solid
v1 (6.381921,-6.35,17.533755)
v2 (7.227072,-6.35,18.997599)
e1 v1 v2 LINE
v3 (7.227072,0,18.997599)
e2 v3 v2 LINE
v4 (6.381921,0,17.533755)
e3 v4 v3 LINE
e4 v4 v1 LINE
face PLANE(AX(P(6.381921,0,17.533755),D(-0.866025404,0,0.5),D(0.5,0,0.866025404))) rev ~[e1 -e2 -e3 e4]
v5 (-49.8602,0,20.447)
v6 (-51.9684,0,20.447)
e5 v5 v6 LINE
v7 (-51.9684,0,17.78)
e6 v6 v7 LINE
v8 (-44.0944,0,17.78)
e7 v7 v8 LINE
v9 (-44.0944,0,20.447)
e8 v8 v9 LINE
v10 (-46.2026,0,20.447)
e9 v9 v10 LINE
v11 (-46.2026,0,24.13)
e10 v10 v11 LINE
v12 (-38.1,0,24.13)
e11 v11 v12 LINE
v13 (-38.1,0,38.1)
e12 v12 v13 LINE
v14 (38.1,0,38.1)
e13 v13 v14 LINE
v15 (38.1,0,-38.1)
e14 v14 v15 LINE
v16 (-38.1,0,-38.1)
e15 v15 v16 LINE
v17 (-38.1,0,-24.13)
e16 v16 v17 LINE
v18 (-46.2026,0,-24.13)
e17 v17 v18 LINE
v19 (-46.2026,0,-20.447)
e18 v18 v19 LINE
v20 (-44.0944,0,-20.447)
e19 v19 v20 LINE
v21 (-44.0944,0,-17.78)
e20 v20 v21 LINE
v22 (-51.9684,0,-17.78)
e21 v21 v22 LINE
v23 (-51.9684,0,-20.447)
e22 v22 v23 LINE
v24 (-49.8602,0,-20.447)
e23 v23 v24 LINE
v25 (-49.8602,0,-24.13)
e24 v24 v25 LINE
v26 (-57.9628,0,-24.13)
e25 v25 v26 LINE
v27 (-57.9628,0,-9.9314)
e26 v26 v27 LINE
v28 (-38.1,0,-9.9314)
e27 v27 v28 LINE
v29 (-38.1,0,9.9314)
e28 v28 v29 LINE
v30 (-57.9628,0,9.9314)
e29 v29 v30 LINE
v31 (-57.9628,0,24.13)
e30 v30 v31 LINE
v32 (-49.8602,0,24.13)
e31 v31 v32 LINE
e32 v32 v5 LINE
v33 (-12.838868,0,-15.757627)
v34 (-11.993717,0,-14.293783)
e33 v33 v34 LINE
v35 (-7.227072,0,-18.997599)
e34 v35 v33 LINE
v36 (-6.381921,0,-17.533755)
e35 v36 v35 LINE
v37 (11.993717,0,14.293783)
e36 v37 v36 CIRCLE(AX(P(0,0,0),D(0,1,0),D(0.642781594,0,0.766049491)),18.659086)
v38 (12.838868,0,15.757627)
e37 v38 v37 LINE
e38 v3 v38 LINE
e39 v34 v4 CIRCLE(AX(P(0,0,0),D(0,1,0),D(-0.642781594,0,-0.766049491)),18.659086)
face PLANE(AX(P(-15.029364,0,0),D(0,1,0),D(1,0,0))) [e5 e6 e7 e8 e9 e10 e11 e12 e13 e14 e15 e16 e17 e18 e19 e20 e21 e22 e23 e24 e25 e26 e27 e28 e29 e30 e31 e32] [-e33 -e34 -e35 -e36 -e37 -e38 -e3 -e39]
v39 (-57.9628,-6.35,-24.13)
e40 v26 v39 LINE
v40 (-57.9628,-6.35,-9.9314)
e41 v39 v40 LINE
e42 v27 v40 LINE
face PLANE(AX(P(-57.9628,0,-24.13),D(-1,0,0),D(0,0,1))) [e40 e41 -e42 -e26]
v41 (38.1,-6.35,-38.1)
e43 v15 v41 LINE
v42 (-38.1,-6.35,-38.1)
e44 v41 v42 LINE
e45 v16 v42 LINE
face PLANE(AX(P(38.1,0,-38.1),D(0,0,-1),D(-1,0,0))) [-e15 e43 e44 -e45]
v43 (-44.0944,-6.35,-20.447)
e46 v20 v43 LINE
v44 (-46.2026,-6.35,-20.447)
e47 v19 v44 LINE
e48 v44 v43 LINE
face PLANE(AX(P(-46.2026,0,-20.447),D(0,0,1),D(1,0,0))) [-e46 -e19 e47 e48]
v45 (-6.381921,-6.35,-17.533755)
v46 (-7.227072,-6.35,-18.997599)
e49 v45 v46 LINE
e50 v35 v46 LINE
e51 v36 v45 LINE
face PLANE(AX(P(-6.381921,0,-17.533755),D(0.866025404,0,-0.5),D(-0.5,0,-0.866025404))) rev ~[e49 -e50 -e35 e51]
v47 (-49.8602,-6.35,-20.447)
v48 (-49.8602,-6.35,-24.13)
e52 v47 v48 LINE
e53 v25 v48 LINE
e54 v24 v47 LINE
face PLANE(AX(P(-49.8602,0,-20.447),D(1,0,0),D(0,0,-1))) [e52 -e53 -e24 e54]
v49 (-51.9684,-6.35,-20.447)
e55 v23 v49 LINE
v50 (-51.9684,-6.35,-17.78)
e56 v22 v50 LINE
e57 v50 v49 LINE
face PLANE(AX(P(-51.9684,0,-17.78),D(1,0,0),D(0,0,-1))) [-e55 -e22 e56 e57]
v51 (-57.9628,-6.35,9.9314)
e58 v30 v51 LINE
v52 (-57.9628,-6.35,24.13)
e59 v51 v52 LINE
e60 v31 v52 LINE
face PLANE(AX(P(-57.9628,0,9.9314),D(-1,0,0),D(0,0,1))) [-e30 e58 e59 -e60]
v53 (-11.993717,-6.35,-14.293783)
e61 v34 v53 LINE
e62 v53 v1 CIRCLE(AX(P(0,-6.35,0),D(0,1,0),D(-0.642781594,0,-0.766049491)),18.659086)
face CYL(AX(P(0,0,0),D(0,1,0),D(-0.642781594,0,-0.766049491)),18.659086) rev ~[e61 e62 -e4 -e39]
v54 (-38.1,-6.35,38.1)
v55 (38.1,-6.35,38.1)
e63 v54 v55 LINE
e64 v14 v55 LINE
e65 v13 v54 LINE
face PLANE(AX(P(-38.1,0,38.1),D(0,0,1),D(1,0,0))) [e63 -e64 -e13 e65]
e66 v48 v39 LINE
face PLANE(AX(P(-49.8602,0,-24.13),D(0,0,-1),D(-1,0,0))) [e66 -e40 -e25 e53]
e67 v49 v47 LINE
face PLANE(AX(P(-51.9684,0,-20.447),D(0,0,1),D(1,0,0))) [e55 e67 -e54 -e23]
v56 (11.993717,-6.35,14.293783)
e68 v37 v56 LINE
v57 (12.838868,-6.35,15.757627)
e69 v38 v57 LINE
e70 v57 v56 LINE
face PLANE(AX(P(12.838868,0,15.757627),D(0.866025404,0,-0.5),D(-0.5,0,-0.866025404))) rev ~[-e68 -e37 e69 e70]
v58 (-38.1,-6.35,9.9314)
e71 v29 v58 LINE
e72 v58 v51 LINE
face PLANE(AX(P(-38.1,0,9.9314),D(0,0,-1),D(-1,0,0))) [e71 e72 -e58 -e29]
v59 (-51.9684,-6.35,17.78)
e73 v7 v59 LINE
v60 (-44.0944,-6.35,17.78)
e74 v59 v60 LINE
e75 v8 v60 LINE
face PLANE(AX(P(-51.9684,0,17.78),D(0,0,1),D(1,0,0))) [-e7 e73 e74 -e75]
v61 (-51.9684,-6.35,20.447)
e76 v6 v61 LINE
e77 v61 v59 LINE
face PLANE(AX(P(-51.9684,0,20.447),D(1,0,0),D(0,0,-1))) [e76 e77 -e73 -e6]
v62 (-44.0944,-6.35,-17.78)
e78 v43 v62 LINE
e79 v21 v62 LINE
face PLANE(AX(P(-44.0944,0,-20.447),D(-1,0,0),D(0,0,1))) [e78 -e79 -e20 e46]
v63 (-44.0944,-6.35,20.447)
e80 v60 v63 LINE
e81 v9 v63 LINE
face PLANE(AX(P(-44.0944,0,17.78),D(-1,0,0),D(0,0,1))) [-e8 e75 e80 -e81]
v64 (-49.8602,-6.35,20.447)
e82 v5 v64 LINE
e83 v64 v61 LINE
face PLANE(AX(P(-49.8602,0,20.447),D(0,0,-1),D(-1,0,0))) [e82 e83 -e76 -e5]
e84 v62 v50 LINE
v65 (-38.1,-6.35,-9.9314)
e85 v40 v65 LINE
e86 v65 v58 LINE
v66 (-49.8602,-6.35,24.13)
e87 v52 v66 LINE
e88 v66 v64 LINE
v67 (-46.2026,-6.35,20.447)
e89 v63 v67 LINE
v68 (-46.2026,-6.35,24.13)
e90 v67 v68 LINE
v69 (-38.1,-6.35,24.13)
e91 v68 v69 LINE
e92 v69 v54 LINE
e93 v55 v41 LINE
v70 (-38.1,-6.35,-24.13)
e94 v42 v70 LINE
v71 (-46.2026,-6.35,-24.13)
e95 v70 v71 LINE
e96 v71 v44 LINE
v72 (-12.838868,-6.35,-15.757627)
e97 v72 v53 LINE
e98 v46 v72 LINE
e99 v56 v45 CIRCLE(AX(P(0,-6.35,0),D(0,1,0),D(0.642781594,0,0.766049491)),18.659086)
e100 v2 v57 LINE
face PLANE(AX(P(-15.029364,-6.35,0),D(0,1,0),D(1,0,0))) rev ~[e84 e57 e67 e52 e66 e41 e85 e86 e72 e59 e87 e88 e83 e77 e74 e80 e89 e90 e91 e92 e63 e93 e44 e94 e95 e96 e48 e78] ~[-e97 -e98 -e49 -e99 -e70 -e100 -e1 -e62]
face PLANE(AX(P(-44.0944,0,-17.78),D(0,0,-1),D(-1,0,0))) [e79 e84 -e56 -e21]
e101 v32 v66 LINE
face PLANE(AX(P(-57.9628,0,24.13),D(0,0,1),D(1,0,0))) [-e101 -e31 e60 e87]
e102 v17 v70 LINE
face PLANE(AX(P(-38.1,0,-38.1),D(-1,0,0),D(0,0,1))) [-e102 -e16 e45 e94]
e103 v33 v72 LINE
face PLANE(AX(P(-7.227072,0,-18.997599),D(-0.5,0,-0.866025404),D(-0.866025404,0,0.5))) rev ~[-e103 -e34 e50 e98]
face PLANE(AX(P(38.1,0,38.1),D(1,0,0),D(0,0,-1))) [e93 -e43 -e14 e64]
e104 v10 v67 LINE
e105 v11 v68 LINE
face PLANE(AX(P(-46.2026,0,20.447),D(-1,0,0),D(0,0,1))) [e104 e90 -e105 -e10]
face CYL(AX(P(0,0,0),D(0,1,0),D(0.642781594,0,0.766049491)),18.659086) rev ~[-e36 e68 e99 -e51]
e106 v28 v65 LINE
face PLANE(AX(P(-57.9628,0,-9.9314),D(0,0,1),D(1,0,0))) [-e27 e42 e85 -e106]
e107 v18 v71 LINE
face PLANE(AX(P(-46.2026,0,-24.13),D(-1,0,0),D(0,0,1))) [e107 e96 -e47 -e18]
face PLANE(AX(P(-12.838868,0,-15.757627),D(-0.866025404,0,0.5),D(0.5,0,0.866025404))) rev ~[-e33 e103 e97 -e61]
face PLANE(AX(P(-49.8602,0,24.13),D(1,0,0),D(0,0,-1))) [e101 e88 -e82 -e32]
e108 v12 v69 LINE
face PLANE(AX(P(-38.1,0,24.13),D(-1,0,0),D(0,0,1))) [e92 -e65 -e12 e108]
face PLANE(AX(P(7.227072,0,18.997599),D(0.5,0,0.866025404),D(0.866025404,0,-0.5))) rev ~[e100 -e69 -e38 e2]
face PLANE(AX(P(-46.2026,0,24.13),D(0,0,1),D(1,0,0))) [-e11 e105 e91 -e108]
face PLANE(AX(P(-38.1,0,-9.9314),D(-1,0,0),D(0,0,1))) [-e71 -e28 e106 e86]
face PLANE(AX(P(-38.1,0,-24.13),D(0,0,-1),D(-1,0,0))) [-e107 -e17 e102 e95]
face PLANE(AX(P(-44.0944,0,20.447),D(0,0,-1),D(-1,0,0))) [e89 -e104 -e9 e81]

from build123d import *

# Parameters (mm, degrees)
BOSS_EXTRUDE1_DEPTH = 6.35


with BuildPart() as part:
    # Sketch1 → Boss-Extrude1 (new body)
    with BuildSketch(Plane(origin=(0, 0, 0), x_dir=(1, 0, 0), z_dir=(0, 1, 0))):
        Polygon((-38.1, -38.1), (38.1, -38.1), (38.1, 38.1), (-38.1, 38.1), (-38.1, 24.13), (-46.2026, 24.13), (-46.2026, 20.447), (-44.0944, 20.447), (-44.0944, 17.78), (-51.9684, 17.78), (-51.9684, 20.447), (-49.8602, 20.447), (-49.8602, 24.13), (-57.9628, 24.13), (-57.9628, 9.9314), (-38.1, 9.9314), (-38.1, -9.9314), (-57.9628, -9.9314), (-57.9628, -24.13), (-49.8602, -24.13), (-49.8602, -20.447), (-51.9684, -20.447), (-51.9684, -17.78), (-44.0944, -17.78), (-44.0944, -20.447), (-46.2026, -20.447), (-46.2026, -24.13), (-38.1, -24.13), align=None)
        with BuildLine():
            Line((7.227071664, -18.99759929), (12.838867764, -15.757627301))
            Line((12.838867764, -15.757627301), (11.99371709, -14.293783392))
            ThreePointArc((11.99371709, -14.293783392), (16.159242555, 9.329543039), (-6.381920989, 17.533755382))
            Line((-6.381920989, 17.533755382), (-7.227071664, 18.99759929))
            Line((-7.227071664, 18.99759929), (-12.838867764, 15.757627301))
            Line((-12.838867764, 15.757627301), (-11.99371709, 14.293783392))
            ThreePointArc((-11.99371709, 14.293783392), (-16.159242555, -9.329543039), (6.381920989, -17.533755382))
            Line((6.381920989, -17.533755382), (7.227071664, -18.99759929))
        make_face(mode=Mode.SUBTRACT)
    extrude(amount=-BOSS_EXTRUDE1_DEPTH)


solid = part.part
